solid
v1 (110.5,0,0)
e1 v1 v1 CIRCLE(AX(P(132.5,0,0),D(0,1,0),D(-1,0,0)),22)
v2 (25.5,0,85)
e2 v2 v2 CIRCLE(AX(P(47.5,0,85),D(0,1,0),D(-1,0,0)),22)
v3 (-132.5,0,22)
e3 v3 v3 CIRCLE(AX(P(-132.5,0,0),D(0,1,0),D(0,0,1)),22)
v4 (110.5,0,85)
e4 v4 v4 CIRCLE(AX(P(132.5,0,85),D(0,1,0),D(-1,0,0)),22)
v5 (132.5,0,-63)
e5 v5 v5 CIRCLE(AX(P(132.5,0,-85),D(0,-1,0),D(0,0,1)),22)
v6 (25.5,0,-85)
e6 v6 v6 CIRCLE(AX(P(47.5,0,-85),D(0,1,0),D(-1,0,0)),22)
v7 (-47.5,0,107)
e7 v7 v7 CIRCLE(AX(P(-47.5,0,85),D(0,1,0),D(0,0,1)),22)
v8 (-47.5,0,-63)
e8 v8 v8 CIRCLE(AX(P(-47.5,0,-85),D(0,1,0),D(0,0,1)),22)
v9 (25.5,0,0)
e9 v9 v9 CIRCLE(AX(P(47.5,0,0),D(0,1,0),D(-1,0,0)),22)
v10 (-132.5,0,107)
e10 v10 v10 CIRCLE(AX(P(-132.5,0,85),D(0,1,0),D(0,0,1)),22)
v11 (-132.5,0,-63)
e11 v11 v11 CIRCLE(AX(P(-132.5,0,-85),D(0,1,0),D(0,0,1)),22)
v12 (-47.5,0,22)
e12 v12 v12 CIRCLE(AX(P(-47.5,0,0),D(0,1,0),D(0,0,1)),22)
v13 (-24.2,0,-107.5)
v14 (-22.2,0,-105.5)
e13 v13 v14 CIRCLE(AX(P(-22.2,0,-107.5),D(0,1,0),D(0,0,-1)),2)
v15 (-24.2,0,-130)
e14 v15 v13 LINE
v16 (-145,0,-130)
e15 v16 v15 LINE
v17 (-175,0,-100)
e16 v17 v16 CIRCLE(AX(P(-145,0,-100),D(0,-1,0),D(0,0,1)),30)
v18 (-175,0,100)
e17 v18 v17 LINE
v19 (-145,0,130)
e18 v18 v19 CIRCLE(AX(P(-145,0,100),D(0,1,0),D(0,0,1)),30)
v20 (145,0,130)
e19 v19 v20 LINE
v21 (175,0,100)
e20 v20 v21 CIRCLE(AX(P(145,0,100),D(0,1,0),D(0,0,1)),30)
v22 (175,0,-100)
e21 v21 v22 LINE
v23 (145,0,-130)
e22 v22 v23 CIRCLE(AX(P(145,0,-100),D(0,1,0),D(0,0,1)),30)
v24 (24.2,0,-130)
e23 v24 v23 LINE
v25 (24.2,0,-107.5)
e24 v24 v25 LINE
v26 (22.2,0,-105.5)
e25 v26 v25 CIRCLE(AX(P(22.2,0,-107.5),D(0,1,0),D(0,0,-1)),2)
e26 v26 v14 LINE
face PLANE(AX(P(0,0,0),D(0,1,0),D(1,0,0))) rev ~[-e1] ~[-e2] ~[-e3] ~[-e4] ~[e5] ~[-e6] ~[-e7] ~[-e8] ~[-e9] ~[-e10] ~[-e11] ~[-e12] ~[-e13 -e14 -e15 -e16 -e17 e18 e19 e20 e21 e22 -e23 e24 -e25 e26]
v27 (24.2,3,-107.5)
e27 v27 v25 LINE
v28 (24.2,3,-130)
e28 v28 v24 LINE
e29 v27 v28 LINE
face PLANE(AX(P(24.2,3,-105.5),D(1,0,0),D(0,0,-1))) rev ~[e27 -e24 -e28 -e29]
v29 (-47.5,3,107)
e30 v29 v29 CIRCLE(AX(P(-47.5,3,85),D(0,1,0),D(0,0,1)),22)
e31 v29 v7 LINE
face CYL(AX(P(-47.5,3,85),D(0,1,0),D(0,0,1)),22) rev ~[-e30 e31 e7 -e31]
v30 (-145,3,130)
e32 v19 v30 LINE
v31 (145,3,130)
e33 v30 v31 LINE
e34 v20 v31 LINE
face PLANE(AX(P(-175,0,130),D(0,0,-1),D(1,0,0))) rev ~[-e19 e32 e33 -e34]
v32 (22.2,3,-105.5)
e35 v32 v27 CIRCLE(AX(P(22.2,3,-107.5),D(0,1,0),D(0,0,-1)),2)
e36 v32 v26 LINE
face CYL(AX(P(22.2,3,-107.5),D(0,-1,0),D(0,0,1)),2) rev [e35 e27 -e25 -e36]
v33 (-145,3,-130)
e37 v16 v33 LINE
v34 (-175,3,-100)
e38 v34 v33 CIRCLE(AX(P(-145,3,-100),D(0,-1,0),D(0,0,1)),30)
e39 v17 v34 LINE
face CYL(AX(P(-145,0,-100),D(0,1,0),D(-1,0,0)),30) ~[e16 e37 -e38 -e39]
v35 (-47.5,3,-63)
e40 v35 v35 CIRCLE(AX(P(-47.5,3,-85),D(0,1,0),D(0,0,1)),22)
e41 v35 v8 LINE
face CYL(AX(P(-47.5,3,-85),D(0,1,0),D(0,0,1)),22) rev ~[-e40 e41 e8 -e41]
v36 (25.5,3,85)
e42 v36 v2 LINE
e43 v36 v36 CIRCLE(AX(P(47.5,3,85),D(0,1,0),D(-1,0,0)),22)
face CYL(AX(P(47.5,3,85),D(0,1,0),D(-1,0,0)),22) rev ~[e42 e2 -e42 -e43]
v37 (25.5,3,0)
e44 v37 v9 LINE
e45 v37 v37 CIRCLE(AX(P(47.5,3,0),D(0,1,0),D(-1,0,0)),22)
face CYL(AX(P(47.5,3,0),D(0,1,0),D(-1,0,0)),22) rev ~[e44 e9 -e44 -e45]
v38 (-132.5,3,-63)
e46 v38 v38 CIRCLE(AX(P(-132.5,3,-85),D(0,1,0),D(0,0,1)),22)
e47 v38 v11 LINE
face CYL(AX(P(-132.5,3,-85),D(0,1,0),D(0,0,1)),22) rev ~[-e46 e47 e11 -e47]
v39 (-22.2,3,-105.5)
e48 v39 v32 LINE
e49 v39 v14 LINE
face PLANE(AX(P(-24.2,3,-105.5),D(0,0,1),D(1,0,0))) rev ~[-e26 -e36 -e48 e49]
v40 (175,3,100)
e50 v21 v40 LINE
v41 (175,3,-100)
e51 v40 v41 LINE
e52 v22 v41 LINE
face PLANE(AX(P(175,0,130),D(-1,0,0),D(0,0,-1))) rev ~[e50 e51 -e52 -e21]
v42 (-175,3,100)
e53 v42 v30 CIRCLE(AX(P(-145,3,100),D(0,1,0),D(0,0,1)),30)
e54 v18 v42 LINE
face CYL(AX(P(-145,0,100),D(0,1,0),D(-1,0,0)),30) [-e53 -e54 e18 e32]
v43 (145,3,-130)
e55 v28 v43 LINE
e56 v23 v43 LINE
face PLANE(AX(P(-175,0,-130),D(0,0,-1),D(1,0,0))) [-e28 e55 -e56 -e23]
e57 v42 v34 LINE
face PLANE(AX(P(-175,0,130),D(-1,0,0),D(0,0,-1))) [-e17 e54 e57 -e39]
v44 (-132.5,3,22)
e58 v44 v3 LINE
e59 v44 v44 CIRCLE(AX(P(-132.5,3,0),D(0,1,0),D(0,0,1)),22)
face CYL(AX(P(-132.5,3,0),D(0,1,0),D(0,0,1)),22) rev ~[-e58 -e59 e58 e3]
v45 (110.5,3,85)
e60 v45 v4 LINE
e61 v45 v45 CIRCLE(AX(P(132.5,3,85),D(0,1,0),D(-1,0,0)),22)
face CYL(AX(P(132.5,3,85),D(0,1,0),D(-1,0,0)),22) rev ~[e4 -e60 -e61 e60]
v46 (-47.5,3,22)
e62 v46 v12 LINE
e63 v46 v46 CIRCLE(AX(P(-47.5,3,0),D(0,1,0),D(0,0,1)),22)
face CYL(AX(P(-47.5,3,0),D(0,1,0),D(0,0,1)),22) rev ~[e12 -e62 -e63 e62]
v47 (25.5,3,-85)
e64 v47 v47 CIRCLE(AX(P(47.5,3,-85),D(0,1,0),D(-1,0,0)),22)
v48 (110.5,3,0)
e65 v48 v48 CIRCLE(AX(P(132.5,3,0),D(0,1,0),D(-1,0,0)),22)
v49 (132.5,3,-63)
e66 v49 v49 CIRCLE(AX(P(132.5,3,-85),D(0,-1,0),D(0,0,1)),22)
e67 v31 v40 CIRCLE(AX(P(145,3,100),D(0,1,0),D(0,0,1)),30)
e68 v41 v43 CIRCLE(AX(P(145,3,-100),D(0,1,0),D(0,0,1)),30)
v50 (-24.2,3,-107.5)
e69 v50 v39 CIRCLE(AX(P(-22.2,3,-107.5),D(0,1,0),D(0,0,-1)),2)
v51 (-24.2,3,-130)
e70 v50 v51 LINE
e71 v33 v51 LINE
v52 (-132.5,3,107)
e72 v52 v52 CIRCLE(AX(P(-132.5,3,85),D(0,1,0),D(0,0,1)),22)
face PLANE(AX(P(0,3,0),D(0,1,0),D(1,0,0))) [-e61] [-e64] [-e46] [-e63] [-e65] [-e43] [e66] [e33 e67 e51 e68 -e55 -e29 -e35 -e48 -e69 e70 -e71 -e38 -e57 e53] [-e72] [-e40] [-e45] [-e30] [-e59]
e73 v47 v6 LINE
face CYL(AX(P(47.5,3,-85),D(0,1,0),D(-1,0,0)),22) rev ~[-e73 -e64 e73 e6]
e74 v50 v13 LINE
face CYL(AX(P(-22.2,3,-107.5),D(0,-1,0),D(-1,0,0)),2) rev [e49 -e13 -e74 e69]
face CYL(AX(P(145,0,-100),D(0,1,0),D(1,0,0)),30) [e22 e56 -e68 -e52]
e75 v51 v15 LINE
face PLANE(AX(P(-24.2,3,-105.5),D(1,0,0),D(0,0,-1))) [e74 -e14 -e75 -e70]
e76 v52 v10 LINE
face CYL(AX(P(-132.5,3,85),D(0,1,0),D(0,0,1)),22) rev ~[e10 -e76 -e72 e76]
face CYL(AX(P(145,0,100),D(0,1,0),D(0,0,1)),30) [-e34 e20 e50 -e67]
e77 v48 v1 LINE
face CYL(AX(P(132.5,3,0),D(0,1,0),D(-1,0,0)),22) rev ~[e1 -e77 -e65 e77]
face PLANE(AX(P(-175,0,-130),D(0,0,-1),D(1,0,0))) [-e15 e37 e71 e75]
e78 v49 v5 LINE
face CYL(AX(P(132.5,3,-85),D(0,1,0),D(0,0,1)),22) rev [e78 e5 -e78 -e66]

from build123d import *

# Parameters (mm, degrees)
SKETCH_1_W                  = 350
SKETCH_1_H                  = 260
EXTRUDE_1_DEPTH             = 3
FILLET_2_R                  = 30
CUT_EXTRUDE_2_REACH         = 220.023
SKETCH_3_R                  = 22
PATTERN_LINEAR_1_COUNT      = 2
PATTERN_LINEAR_1_PITCH      = 85
PATTERN_LINEAR_1_COUNT_DIR2 = 3
PATTERN_LINEAR_1_PITCH_DIR2 = 85
MIRROR_1_COPY_1_REACH       = 220.023
MIRROR_1_COPY_1_SKETCH_R    = 22
MIRROR_1_COPY_2_REACH       = 220.023
MIRROR_1_COPY_2_SKETCH_R    = 22
MIRROR_1_COPY_3_REACH       = 220.023
MIRROR_1_COPY_3_SKETCH_R    = 22
MIRROR_1_COPY_4_REACH       = 220.023
MIRROR_1_COPY_4_SKETCH_R    = 22
MIRROR_1_COPY_5_REACH       = 220.023
MIRROR_1_COPY_5_SKETCH_R    = 22
CUT_EXTRUDE_3_REACH         = 220.023
SKETCH_4_W                  = 48.4
SKETCH_4_H                  = 24.5
FILLET_3_R                  = 2


with BuildPart() as part:
    # 草圖1 → 填料-伸長1 (new body)
    with BuildSketch(Plane(origin=(0, 0, 0), x_dir=(1, 0, 0), z_dir=(0, 1, 0))):
        Rectangle(SKETCH_1_W, SKETCH_1_H)
    extrude(amount=EXTRUDE_1_DEPTH)

    # 圓角2
    fillet_2_edges = [part.edges().sort_by_distance(p)[0] for p in [
        (175, 1.5, 130),
        (-175, 1.5, 130),
        (-175, 1.5, -130),
        (175, 1.5, -130),
    ]]
    fillet(fillet_2_edges, radius=FILLET_2_R)

    # 草圖3 → 除料-伸長2 (cut, up to next)
    with BuildSketch(Plane(origin=(0, 3, 0), x_dir=(1, 0, 0), z_dir=(0, 1, 0)), mode=Mode.PRIVATE) as cut_extrude_2_sk1:
        with Locations(Location((-132.5, 85, 0), (0, 0, 270))):
            Circle(SKETCH_3_R)
    cut_extrude_2_tool1 = extrude(cut_extrude_2_sk1.sketch, amount=-CUT_EXTRUDE_2_REACH, mode=Mode.PRIVATE) & part.part
    cut_extrude_2 = cut_extrude_2_tool1.solids().sort_by_distance((-132.5, 3, -85))[0]
    add(cut_extrude_2, mode=Mode.SUBTRACT)

    # 直線複製排列1: Cut-Extrude 2 2 × 3
    with Locations(*[(i * PATTERN_LINEAR_1_PITCH, 0, j * PATTERN_LINEAR_1_PITCH_DIR2) for i in range(PATTERN_LINEAR_1_COUNT) for j in range(PATTERN_LINEAR_1_COUNT_DIR2) if (i, j) != (0, 0)]):
        add(cut_extrude_2, mode=Mode.SUBTRACT)

    # 鏡射1: 除料-伸長2 across plane
    add(cut_extrude_2.mirror(Plane(origin=(0, 0, 0), x_dir=(0, 0, 1), z_dir=(1, 0, 0))), mode=Mode.SUBTRACT)

    # 鏡射1 copy 1 sketch → 鏡射1 copy 1 (cut, up to next)
    with BuildSketch(Plane(origin=(0, 3, 85), x_dir=(-1, 0, 0), z_dir=(0, 1, 0)), mode=Mode.PRIVATE) as mirror_1_copy_1_sk1:
        with Locations((-132.5, -85)):
            Circle(MIRROR_1_COPY_1_SKETCH_R)
    mirror_1_copy_1_tool1 = extrude(mirror_1_copy_1_sk1.sketch, amount=-MIRROR_1_COPY_1_REACH, mode=Mode.PRIVATE) & part.part
    add(mirror_1_copy_1_tool1.solids().sort_by_distance((132.5, 3, 0))[0], mode=Mode.SUBTRACT)

    # 鏡射1 copy 2 sketch → 鏡射1 copy 2 (cut, up to next)
    with BuildSketch(Plane(origin=(0, 3, 170), x_dir=(-1, 0, 0), z_dir=(0, 1, 0)), mode=Mode.PRIVATE) as mirror_1_copy_2_sk1:
        with Locations((-132.5, -85)):
            Circle(MIRROR_1_COPY_2_SKETCH_R)
    mirror_1_copy_2_tool1 = extrude(mirror_1_copy_2_sk1.sketch, amount=-MIRROR_1_COPY_2_REACH, mode=Mode.PRIVATE) & part.part
    add(mirror_1_copy_2_tool1.solids().sort_by_distance((132.5, 3, 85))[0], mode=Mode.SUBTRACT)

    # 鏡射1 copy 3 sketch → 鏡射1 copy 3 (cut, up to next)
    with BuildSketch(Plane(origin=(-85, 3, 0), x_dir=(-1, 0, 0), z_dir=(0, 1, 0)), mode=Mode.PRIVATE) as mirror_1_copy_3_sk1:
        with Locations((-132.5, -85)):
            Circle(MIRROR_1_COPY_3_SKETCH_R)
    mirror_1_copy_3_tool1 = extrude(mirror_1_copy_3_sk1.sketch, amount=-MIRROR_1_COPY_3_REACH, mode=Mode.PRIVATE) & part.part
    add(mirror_1_copy_3_tool1.solids().sort_by_distance((47.5, 3, -85))[0], mode=Mode.SUBTRACT)

    # 鏡射1 copy 4 sketch → 鏡射1 copy 4 (cut, up to next)
    with BuildSketch(Plane(origin=(-85, 3, 85), x_dir=(-1, 0, 0), z_dir=(0, 1, 0)), mode=Mode.PRIVATE) as mirror_1_copy_4_sk1:
        with Locations((-132.5, -85)):
            Circle(MIRROR_1_COPY_4_SKETCH_R)
    mirror_1_copy_4_tool1 = extrude(mirror_1_copy_4_sk1.sketch, amount=-MIRROR_1_COPY_4_REACH, mode=Mode.PRIVATE) & part.part
    add(mirror_1_copy_4_tool1.solids().sort_by_distance((47.5, 3, 0))[0], mode=Mode.SUBTRACT)

    # 鏡射1 copy 5 sketch → 鏡射1 copy 5 (cut, up to next)
    with BuildSketch(Plane(origin=(-85, 3, 170), x_dir=(-1, 0, 0), z_dir=(0, 1, 0)), mode=Mode.PRIVATE) as mirror_1_copy_5_sk1:
        with Locations((-132.5, -85)):
            Circle(MIRROR_1_COPY_5_SKETCH_R)
    mirror_1_copy_5_tool1 = extrude(mirror_1_copy_5_sk1.sketch, amount=-MIRROR_1_COPY_5_REACH, mode=Mode.PRIVATE) & part.part
    add(mirror_1_copy_5_tool1.solids().sort_by_distance((47.5, 3, 85))[0], mode=Mode.SUBTRACT)

    # 草圖4 → 除料-伸長3 (cut, up to next)
    with BuildSketch(Plane(origin=(0, 3, 0), x_dir=(1, 0, 0), z_dir=(0, 1, 0)), mode=Mode.PRIVATE) as cut_extrude_3_sk1:
        with Locations((0, 117.75)):
            Rectangle(SKETCH_4_W, SKETCH_4_H)
    cut_extrude_3_tool1 = extrude(cut_extrude_3_sk1.sketch, amount=-CUT_EXTRUDE_3_REACH, mode=Mode.PRIVATE) & part.part
    add(cut_extrude_3_tool1.solids().sort_by_distance((0, 3, -117.75))[0], mode=Mode.SUBTRACT)

    # 圓角3
    fillet_3_edges = [part.edges().sort_by_distance(p)[0] for p in [
        (-24.2, 1.5, -105.5),
        (24.2, 1.5, -105.5),
    ]]
    fillet(fillet_3_edges, radius=FILLET_3_R)


solid = part.part
